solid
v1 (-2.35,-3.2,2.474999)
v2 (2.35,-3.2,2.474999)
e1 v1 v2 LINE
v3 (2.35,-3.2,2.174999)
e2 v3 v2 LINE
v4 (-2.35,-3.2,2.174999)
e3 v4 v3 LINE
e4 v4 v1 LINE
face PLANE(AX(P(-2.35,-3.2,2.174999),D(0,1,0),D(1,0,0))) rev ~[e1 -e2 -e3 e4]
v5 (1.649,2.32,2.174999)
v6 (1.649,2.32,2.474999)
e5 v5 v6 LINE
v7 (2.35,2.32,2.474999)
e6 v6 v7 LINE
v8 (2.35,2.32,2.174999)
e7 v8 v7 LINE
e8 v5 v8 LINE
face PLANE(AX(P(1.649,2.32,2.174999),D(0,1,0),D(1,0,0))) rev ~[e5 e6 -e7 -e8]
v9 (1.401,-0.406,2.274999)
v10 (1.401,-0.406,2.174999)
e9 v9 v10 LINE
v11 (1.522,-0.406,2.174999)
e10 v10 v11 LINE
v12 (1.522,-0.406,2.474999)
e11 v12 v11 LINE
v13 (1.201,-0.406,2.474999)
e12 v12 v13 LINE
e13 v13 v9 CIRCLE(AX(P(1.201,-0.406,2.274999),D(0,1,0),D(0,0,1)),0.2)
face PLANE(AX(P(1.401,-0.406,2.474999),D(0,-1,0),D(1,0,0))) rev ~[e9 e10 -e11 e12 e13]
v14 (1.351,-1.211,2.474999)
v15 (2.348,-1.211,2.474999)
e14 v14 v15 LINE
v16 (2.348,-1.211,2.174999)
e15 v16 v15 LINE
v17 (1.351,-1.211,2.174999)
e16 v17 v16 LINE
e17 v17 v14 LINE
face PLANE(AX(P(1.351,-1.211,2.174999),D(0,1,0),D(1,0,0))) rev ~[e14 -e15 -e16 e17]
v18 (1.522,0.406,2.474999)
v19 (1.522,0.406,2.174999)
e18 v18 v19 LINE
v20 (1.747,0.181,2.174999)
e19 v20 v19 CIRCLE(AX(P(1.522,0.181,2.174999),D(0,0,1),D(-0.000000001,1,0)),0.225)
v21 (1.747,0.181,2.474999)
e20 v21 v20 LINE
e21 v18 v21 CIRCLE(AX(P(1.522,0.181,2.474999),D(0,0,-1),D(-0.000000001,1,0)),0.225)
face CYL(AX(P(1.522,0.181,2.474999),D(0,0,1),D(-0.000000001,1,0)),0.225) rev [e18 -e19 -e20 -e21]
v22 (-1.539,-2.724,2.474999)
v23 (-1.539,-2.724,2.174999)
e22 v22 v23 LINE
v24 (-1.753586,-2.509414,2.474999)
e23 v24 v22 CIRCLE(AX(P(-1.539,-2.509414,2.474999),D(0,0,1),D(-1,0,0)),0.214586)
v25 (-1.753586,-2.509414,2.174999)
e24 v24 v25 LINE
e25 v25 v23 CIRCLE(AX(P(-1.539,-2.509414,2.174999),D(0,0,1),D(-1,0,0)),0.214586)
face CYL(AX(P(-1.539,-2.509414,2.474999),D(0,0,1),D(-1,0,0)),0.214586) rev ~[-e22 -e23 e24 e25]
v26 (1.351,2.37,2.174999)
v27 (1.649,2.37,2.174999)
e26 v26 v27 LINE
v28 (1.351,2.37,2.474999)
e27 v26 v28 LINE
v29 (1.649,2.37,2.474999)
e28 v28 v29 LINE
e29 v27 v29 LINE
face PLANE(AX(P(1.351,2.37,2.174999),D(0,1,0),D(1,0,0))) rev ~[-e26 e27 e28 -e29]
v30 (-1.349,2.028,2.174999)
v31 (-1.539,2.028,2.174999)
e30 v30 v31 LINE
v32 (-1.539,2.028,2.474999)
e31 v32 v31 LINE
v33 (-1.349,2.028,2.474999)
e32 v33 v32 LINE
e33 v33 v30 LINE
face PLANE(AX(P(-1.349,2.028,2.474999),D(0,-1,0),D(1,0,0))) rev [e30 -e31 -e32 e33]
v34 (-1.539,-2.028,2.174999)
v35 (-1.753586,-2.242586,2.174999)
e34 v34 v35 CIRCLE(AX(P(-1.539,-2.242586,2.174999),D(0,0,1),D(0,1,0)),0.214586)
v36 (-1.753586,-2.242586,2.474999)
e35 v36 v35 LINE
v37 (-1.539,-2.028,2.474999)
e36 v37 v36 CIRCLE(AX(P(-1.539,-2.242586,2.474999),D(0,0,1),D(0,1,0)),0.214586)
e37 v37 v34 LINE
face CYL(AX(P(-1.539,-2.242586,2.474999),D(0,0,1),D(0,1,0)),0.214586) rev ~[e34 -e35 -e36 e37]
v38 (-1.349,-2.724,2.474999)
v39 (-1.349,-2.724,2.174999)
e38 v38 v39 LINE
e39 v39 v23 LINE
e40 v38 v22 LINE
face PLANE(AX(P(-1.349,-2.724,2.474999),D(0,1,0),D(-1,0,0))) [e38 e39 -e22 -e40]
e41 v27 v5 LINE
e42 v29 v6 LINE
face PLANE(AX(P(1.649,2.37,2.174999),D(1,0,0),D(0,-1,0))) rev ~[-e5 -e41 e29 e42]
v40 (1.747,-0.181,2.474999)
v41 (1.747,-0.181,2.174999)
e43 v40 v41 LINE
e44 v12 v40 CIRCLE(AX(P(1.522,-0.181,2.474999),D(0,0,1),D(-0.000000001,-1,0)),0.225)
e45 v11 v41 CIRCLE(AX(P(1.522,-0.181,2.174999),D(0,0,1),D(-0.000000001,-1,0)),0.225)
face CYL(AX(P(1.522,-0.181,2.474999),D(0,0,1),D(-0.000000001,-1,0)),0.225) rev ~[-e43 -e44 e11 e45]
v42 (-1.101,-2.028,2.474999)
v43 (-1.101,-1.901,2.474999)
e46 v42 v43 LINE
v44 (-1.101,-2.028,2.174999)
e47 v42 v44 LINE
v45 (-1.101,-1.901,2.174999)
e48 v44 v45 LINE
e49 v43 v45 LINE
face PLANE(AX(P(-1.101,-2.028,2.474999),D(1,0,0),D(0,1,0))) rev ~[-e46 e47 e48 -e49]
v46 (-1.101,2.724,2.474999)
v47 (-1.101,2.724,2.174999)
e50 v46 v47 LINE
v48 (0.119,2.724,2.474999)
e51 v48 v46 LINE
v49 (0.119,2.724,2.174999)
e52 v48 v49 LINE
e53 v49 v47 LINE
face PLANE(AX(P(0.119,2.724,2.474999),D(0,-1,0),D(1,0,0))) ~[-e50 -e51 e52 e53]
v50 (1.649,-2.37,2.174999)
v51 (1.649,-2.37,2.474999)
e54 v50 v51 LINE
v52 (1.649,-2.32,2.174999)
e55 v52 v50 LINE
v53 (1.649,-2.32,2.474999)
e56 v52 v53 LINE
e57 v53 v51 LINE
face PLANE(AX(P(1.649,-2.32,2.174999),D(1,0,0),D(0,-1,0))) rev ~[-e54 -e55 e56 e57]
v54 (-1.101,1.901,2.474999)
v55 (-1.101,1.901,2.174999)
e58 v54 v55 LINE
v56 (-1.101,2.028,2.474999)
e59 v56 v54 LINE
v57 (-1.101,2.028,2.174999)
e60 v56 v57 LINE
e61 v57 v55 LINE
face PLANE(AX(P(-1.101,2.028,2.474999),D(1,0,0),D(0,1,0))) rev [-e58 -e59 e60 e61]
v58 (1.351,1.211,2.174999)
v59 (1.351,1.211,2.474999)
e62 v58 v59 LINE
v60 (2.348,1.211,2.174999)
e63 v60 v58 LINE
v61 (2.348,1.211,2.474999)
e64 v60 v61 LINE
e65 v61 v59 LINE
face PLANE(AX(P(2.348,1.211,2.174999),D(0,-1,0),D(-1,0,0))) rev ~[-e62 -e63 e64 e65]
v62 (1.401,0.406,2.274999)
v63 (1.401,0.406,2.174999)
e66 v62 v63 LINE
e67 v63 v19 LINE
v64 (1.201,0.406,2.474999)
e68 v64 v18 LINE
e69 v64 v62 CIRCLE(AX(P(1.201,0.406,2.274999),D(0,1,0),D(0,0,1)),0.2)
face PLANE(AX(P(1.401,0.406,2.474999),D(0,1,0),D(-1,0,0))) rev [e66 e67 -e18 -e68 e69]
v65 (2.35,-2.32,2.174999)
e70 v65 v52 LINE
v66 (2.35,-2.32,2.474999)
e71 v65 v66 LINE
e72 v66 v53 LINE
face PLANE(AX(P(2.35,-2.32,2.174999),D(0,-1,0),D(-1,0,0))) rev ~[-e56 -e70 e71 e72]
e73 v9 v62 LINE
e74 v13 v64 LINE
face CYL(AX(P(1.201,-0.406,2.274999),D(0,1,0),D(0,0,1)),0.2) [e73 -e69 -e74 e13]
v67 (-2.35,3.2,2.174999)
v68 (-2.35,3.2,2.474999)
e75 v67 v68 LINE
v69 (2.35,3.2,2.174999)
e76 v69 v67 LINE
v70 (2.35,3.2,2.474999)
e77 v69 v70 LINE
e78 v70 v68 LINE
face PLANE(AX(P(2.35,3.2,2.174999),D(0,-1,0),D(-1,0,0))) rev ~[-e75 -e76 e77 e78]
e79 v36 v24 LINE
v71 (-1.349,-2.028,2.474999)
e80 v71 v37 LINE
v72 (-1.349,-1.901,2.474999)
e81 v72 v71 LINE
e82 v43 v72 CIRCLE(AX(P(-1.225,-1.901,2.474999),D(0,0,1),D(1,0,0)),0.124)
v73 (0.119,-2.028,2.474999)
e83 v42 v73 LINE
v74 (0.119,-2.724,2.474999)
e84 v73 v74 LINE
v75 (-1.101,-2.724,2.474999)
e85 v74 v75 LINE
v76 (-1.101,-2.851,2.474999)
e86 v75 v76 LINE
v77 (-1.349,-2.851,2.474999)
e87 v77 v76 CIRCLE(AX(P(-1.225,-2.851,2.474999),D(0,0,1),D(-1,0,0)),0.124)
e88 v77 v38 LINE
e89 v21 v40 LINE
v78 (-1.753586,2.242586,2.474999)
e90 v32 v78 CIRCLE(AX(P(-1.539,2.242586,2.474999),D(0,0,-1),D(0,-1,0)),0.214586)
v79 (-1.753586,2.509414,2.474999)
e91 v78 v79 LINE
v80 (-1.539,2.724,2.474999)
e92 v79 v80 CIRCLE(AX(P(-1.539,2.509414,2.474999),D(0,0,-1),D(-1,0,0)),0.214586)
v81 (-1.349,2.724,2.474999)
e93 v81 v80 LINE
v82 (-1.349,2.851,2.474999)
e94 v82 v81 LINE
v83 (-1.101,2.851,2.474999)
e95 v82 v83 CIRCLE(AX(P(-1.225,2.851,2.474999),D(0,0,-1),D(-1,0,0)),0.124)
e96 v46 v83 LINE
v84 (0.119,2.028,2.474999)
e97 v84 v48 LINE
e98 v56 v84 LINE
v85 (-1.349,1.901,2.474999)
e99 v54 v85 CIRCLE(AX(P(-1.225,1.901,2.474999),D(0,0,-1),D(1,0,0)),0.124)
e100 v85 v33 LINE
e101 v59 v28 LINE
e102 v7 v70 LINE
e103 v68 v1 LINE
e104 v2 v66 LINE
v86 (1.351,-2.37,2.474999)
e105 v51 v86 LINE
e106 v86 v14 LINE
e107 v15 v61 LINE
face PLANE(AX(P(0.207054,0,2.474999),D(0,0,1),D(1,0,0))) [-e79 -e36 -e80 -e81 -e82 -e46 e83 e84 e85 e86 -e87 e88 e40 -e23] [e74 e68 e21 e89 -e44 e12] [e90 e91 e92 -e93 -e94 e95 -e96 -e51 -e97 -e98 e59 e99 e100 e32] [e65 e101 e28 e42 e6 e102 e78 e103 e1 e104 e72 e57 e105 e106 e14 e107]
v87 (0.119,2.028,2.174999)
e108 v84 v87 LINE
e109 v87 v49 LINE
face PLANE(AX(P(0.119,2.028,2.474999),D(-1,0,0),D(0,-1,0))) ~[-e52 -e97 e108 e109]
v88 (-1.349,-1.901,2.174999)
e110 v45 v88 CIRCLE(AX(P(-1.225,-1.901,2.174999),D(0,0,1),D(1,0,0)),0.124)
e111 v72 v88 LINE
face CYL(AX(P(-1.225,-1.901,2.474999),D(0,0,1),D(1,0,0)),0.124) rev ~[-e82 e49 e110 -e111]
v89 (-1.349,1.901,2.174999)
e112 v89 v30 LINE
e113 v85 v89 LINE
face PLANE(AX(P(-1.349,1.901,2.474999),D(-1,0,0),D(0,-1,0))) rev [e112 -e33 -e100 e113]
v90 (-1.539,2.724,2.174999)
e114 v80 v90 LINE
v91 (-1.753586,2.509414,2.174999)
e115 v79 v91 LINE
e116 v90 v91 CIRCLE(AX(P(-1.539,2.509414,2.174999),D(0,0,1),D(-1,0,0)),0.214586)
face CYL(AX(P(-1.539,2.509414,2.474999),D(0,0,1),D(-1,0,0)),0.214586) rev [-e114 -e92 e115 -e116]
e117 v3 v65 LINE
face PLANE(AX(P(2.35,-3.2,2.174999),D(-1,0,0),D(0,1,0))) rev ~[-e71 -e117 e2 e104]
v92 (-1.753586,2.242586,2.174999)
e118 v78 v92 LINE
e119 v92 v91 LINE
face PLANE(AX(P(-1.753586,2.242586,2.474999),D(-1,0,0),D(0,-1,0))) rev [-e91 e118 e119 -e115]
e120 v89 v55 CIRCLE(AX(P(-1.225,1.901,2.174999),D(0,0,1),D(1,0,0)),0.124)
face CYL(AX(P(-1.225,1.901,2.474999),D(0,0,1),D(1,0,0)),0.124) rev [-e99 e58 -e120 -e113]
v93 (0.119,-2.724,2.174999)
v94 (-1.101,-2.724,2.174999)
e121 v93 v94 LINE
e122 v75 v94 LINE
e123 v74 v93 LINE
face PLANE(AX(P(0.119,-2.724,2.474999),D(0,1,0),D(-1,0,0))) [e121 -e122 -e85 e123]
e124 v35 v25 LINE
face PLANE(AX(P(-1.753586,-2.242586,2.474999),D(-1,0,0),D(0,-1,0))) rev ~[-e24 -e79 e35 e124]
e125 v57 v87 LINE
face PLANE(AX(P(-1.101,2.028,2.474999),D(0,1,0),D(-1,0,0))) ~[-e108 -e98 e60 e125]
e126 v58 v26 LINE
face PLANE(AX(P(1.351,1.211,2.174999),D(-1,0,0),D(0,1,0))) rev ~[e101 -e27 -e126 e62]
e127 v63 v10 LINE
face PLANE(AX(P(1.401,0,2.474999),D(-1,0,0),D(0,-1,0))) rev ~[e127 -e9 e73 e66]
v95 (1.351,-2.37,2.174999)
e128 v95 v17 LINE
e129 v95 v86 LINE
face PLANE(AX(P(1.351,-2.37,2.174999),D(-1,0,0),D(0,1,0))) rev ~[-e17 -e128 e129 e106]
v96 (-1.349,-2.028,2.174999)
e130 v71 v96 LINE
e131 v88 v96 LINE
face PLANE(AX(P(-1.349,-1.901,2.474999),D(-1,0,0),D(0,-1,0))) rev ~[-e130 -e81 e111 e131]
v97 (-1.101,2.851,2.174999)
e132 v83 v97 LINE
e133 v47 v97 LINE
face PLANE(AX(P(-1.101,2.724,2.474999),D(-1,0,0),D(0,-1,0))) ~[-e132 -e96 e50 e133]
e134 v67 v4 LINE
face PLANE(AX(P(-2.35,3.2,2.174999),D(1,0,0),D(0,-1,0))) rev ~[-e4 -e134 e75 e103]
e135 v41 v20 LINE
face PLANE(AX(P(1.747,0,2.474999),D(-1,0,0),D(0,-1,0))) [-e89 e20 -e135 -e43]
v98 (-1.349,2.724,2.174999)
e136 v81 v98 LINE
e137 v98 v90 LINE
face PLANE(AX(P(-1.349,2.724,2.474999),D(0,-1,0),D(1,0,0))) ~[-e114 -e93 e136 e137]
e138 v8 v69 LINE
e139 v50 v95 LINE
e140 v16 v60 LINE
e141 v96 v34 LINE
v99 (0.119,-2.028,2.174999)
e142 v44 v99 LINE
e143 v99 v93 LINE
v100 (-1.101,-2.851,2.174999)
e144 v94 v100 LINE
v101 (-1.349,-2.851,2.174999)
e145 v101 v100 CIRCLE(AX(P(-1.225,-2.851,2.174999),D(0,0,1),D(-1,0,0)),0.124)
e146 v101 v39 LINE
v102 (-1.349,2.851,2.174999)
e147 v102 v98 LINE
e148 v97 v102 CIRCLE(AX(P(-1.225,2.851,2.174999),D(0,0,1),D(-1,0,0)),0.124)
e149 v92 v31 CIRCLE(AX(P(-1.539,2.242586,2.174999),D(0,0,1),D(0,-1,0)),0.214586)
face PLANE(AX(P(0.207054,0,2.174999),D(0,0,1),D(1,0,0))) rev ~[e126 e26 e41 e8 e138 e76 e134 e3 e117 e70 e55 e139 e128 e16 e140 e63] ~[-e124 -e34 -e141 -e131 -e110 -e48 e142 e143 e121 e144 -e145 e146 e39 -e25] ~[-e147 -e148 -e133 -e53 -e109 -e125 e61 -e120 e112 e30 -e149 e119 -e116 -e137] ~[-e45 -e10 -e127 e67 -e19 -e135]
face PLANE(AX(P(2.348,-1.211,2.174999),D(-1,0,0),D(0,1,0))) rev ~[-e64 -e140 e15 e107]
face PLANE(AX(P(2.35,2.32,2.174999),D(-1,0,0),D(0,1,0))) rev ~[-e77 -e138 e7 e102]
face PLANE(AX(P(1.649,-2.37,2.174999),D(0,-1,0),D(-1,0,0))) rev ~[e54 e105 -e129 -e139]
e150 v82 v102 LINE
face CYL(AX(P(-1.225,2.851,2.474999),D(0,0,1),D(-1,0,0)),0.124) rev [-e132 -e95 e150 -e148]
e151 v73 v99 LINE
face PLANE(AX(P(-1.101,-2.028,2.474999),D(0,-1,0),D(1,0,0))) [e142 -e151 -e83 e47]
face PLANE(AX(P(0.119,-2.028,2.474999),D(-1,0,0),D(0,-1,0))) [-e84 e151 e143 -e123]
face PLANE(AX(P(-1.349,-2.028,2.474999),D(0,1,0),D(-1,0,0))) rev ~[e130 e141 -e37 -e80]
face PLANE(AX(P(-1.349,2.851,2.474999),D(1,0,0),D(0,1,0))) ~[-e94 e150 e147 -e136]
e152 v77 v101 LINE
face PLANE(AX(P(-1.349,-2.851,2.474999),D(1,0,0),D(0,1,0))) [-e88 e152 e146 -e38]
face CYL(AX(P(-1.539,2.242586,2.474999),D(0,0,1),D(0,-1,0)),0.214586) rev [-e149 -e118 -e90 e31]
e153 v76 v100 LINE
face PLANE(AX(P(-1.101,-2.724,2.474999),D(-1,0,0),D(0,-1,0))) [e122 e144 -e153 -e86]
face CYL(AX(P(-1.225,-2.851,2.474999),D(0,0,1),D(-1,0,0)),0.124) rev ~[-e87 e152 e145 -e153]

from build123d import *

# Parameters (mm, degrees)
PAD005_DEPTH    = 0.3
POCKET004_DEPTH = 16.1931364203
FILLET002_R     = 0.2


with BuildPart() as part:
    # Sketch010 → Pad005 (new body)
    with BuildSketch(Plane(origin=(2.72e-08, -2.8e-08, 2.1749994204), x_dir=(1, 0, 0), z_dir=(0, 0, 1))):
        Polygon((-2.35, 3.2), (-2.35, -3.2), (2.35, -3.2), (2.35, -2.32), (1.649, -2.32), (1.649, -2.37), (1.351, -2.37), (1.351, -1.211), (2.348, -1.211), (2.348, 1.211), (1.351, 1.211), (1.351, 2.37), (1.649, 2.37), (1.649, 2.32), (2.35, 2.32), (2.35, 3.2), align=None)
    extrude(amount=PAD005_DEPTH)

    # Sketch011 (on Face18 of Pad005) → Pocket004 (cut, through all)
    with BuildSketch(Plane(origin=(2.72e-08, -2.8e-08, 2.4749994204), x_dir=(1, 0, 0), z_dir=(0, 0, 1))):
        with BuildLine():
            Line((-1.101, -2.028), (0.119, -2.028))
            Line((0.119, -2.028), (0.119, -2.724))
            Line((0.119, -2.724), (-1.101, -2.724))
            Line((-1.101, -2.724), (-1.101, -2.851))
            ThreePointArc((-1.349, -2.851), (-1.225, -2.975), (-1.101, -2.851))
            Line((-1.349, -2.851), (-1.349, -2.724))
            Line((-1.349, -2.724), (-1.539, -2.724))
            ThreePointArc((-1.7535861303, -2.5094138697), (-1.6907353079, -2.6611491776), (-1.539, -2.724))
            Line((-1.7535861303, -2.2425861303), (-1.7535861303, -2.5094138697))
            ThreePointArc((-1.539, -2.028), (-1.6907353079, -2.0908508224), (-1.7535861303, -2.2425861303))
            Line((-1.349, -2.028), (-1.539, -2.028))
            Line((-1.349, -1.9009999997), (-1.349, -2.028))
            ThreePointArc((-1.101, -1.901), (-1.2249999999, -1.777), (-1.349, -1.9009999997))
            Line((-1.101, -2.028), (-1.101, -1.901))
        make_face()
        with BuildLine():
            Line((1.401, 0), (1.401, -0.406))
            Line((1.401, -0.406), (1.522, -0.406))
            ThreePointArc((1.522, -0.406), (1.6810990258, -0.3400990258), (1.747, -0.181))
            Line((1.747, 0), (1.747, -0.181))
            Line((1.401, 0), (1.747, 0))
        make_face()
    pocket004 = extrude(amount=-POCKET004_DEPTH, mode=Mode.SUBTRACT)

    # Mirrored: Pocket004 across Sketch011 H_Axis
    add(pocket004.mirror(Plane(origin=(2.72e-08, -2.8e-08, 2.4749994204), x_dir=(0, 0, 1), z_dir=(0, 1, 0))), mode=Mode.SUBTRACT)

    # Fillet002
    fillet002_edges = [part.edges().sort_by_distance(p)[0] for p in [
        (1.401, 0, 2.474999),
    ]]
    fillet(fillet002_edges, radius=FILLET002_R)


solid = part.part
